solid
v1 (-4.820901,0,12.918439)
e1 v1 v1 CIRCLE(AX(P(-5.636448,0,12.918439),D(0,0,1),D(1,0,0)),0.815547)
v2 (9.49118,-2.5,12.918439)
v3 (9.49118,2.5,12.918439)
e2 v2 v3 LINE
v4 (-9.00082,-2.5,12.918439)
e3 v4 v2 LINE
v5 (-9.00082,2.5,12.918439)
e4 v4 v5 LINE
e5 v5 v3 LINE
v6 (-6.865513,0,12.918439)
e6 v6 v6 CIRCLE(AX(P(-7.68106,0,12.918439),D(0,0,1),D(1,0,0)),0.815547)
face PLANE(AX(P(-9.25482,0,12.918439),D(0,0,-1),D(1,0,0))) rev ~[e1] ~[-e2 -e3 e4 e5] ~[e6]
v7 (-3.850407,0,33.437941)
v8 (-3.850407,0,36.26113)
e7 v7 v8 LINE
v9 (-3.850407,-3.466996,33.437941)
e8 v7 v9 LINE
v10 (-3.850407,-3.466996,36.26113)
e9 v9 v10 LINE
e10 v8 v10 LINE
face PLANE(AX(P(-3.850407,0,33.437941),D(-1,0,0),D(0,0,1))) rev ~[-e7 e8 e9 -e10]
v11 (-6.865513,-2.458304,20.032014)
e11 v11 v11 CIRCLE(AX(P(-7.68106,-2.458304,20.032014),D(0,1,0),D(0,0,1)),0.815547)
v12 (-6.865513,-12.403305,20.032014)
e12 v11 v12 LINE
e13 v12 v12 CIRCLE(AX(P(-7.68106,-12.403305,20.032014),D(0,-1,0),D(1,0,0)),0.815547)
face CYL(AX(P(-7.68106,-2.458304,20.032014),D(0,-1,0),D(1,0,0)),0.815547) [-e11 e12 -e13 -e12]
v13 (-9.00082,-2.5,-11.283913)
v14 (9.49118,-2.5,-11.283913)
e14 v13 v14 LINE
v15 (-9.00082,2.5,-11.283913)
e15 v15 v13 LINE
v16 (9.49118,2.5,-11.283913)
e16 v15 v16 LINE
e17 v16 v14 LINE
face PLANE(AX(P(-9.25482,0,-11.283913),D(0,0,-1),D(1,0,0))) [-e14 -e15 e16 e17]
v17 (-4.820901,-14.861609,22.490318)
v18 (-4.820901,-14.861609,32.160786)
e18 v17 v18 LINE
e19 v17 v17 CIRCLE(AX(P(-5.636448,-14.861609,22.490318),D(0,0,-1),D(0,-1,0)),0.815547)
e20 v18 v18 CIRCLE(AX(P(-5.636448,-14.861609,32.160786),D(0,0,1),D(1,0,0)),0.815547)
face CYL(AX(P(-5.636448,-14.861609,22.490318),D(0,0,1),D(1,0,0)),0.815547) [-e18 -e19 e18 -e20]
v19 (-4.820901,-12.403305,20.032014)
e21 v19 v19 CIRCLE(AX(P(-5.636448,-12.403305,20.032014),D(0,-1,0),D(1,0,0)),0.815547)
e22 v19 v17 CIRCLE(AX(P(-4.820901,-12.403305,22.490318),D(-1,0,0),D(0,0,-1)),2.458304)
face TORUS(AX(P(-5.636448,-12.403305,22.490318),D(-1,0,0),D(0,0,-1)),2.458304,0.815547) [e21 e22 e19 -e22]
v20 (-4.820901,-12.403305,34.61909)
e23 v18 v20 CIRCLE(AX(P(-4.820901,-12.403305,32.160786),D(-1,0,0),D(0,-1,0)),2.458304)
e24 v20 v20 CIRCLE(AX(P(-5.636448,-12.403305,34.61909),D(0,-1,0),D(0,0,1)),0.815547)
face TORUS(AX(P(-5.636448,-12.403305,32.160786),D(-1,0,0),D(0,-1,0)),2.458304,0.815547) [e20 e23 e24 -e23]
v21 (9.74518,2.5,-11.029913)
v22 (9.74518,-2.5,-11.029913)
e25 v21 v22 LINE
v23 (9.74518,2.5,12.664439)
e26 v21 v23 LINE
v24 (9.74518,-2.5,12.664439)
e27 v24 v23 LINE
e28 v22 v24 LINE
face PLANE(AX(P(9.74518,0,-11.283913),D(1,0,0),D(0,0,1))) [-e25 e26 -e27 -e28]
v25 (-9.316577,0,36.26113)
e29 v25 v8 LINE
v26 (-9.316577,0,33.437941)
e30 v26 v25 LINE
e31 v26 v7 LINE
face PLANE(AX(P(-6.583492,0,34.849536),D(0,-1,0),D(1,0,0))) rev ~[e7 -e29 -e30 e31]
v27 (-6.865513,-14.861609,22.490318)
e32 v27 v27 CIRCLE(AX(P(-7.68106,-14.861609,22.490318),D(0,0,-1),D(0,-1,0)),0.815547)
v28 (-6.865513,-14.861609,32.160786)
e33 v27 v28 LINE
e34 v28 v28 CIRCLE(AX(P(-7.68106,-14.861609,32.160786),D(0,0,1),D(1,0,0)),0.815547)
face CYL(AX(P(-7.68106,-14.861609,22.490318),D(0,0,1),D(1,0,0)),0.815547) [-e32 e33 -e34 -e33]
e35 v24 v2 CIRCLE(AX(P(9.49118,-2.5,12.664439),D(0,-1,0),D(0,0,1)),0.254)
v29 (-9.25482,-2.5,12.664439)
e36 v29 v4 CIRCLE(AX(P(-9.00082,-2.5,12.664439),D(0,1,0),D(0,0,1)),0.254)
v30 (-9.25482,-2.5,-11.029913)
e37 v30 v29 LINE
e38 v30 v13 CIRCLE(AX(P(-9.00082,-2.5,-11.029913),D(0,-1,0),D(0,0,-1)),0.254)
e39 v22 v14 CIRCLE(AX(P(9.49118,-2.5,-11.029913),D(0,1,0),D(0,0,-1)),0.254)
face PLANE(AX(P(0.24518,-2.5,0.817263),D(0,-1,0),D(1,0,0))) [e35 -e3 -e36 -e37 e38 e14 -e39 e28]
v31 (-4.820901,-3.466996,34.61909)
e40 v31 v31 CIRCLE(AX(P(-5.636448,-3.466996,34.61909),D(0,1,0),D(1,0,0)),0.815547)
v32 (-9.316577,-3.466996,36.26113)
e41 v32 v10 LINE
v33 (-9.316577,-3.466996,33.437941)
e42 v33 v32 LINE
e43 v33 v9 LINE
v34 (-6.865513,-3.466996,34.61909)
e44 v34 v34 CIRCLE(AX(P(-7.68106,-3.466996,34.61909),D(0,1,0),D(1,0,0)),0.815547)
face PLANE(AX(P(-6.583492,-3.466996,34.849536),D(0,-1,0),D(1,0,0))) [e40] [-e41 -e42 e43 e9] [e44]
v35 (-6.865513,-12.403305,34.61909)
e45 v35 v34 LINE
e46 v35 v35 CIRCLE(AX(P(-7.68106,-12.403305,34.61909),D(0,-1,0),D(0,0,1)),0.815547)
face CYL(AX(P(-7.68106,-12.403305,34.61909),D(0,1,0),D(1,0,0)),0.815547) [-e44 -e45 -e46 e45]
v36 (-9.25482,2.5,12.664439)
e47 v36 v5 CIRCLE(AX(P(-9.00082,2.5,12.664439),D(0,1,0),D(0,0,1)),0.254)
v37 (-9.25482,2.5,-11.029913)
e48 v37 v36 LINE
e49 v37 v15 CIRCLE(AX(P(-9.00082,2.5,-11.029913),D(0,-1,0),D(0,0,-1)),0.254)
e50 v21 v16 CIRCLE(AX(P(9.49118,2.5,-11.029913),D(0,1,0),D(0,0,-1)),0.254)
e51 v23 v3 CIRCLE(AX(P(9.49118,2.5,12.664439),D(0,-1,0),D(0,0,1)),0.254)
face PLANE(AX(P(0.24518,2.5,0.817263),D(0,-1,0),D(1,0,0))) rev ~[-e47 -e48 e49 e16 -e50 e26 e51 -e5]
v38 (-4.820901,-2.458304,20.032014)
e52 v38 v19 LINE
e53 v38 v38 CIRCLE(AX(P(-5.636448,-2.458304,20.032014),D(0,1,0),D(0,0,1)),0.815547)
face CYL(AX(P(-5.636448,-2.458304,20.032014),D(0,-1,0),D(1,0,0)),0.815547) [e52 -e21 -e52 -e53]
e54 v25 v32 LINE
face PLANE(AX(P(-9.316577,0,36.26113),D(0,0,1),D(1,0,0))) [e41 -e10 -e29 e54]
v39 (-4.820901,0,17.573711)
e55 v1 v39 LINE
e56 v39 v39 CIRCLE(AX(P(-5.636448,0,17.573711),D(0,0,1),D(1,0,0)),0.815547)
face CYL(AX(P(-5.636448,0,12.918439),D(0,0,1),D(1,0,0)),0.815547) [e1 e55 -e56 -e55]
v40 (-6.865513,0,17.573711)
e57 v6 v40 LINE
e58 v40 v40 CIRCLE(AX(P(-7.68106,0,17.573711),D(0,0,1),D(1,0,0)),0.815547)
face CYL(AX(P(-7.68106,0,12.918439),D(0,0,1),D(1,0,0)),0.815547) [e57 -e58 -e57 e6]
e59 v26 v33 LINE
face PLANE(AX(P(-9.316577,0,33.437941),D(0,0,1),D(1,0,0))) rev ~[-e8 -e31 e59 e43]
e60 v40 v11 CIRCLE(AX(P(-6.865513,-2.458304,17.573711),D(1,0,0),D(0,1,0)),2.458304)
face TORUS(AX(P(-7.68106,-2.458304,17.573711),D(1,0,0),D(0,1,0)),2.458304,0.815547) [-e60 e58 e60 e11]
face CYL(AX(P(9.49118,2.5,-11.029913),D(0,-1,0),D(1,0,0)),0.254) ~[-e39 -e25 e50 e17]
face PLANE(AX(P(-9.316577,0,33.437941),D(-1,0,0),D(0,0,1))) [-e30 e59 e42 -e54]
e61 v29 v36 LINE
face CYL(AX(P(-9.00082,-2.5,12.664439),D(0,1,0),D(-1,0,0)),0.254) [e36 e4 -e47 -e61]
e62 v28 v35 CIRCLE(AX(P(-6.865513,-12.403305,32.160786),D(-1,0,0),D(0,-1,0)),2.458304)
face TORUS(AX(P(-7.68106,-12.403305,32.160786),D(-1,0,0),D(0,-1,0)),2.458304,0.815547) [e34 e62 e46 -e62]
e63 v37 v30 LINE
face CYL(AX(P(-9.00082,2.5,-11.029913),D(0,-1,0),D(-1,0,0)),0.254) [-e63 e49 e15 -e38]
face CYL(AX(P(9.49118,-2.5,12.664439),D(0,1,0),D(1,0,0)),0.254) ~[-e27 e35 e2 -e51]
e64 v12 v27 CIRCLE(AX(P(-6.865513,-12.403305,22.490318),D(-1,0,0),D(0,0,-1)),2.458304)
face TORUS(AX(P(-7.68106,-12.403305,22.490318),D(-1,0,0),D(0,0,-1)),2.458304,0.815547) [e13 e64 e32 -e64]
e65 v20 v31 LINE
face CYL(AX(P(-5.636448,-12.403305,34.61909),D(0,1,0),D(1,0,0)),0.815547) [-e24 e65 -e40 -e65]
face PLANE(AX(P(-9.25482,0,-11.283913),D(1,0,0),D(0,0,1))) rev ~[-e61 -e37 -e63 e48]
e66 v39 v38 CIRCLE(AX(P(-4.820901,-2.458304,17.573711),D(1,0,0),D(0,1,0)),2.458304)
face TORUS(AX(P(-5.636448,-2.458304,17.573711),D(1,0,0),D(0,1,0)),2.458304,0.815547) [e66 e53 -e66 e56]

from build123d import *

# Parameters (mm, degrees)
F0_W     = 19
F0_H     = 24.2023519
F1_DEPTH = 2.5
F2_R     = 0.254
F4_R     = 0.8155469801
F6_W     = 5.4661694448
F6_H     = 2.8231889009
F7_DEPTH = 3.4669958986


with BuildPart() as f1:
    # F0 (on Front) → F1 (new body, symmetric)
    with BuildSketch(Plane.XZ):
        with Locations((0.245179546, 0.817263034)):
            Rectangle(F0_W, F0_H)
    extrude(amount=F1_DEPTH, both=True)

    # F2
    f2_edges = [f1.edges().sort_by_distance(p)[0] for p in [
        (9.74518, 0, 12.918439),
        (-9.25482, 0, 12.918439),
        (-9.25482, 0, -11.283913),
        (9.74518, 0, -11.283913),
    ]]
    fillet(f2_edges, radius=F2_R)

    # F5: sweep along a path in F3
    with BuildLine(Plane.YZ) as f5_path:
        Line((0, 12.918438984), (0, 17.573710531))
        ThreePointArc((0, 17.573710531), (-0.720020552, 19.3119939129), (-2.458303934, 20.032014465))
        Line((-2.458303934, 20.032014465), (-12.4033046886, 20.032014465))
        ThreePointArc((-12.4033046886, 20.032014465), (-14.1415880706, 20.752035017), (-14.8616086226, 22.4903183989))
        Line((-14.8616086226, 22.4903183989), (-14.8616086226, 32.1607864462))
        ThreePointArc((-14.8616086226, 32.1607864462), (-14.1415880706, 33.8990698281), (-12.4033046886, 34.6190903801))
        Line((-12.4033046886, 34.6190903801), (-3.4669958986, 34.6190903801))
    # F4 (on face) → F5 (sweep)
    with BuildSketch(Plane.XY.offset(12.918438984)):
        with Locations((-5.6364475749, 0)):
            Circle(F4_R)
        with Locations((-7.6810601167, 0)):
            Circle(F4_R)
    sweep(path=f5_path.line)

    # F6 (on Front) → F7 (join, through all)
    with BuildSketch(Plane.XZ):
        with Locations((-6.5834919224, 34.8495356739)):
            Rectangle(F6_W, F6_H)
    extrude(amount=F7_DEPTH)


solid = f1.part
